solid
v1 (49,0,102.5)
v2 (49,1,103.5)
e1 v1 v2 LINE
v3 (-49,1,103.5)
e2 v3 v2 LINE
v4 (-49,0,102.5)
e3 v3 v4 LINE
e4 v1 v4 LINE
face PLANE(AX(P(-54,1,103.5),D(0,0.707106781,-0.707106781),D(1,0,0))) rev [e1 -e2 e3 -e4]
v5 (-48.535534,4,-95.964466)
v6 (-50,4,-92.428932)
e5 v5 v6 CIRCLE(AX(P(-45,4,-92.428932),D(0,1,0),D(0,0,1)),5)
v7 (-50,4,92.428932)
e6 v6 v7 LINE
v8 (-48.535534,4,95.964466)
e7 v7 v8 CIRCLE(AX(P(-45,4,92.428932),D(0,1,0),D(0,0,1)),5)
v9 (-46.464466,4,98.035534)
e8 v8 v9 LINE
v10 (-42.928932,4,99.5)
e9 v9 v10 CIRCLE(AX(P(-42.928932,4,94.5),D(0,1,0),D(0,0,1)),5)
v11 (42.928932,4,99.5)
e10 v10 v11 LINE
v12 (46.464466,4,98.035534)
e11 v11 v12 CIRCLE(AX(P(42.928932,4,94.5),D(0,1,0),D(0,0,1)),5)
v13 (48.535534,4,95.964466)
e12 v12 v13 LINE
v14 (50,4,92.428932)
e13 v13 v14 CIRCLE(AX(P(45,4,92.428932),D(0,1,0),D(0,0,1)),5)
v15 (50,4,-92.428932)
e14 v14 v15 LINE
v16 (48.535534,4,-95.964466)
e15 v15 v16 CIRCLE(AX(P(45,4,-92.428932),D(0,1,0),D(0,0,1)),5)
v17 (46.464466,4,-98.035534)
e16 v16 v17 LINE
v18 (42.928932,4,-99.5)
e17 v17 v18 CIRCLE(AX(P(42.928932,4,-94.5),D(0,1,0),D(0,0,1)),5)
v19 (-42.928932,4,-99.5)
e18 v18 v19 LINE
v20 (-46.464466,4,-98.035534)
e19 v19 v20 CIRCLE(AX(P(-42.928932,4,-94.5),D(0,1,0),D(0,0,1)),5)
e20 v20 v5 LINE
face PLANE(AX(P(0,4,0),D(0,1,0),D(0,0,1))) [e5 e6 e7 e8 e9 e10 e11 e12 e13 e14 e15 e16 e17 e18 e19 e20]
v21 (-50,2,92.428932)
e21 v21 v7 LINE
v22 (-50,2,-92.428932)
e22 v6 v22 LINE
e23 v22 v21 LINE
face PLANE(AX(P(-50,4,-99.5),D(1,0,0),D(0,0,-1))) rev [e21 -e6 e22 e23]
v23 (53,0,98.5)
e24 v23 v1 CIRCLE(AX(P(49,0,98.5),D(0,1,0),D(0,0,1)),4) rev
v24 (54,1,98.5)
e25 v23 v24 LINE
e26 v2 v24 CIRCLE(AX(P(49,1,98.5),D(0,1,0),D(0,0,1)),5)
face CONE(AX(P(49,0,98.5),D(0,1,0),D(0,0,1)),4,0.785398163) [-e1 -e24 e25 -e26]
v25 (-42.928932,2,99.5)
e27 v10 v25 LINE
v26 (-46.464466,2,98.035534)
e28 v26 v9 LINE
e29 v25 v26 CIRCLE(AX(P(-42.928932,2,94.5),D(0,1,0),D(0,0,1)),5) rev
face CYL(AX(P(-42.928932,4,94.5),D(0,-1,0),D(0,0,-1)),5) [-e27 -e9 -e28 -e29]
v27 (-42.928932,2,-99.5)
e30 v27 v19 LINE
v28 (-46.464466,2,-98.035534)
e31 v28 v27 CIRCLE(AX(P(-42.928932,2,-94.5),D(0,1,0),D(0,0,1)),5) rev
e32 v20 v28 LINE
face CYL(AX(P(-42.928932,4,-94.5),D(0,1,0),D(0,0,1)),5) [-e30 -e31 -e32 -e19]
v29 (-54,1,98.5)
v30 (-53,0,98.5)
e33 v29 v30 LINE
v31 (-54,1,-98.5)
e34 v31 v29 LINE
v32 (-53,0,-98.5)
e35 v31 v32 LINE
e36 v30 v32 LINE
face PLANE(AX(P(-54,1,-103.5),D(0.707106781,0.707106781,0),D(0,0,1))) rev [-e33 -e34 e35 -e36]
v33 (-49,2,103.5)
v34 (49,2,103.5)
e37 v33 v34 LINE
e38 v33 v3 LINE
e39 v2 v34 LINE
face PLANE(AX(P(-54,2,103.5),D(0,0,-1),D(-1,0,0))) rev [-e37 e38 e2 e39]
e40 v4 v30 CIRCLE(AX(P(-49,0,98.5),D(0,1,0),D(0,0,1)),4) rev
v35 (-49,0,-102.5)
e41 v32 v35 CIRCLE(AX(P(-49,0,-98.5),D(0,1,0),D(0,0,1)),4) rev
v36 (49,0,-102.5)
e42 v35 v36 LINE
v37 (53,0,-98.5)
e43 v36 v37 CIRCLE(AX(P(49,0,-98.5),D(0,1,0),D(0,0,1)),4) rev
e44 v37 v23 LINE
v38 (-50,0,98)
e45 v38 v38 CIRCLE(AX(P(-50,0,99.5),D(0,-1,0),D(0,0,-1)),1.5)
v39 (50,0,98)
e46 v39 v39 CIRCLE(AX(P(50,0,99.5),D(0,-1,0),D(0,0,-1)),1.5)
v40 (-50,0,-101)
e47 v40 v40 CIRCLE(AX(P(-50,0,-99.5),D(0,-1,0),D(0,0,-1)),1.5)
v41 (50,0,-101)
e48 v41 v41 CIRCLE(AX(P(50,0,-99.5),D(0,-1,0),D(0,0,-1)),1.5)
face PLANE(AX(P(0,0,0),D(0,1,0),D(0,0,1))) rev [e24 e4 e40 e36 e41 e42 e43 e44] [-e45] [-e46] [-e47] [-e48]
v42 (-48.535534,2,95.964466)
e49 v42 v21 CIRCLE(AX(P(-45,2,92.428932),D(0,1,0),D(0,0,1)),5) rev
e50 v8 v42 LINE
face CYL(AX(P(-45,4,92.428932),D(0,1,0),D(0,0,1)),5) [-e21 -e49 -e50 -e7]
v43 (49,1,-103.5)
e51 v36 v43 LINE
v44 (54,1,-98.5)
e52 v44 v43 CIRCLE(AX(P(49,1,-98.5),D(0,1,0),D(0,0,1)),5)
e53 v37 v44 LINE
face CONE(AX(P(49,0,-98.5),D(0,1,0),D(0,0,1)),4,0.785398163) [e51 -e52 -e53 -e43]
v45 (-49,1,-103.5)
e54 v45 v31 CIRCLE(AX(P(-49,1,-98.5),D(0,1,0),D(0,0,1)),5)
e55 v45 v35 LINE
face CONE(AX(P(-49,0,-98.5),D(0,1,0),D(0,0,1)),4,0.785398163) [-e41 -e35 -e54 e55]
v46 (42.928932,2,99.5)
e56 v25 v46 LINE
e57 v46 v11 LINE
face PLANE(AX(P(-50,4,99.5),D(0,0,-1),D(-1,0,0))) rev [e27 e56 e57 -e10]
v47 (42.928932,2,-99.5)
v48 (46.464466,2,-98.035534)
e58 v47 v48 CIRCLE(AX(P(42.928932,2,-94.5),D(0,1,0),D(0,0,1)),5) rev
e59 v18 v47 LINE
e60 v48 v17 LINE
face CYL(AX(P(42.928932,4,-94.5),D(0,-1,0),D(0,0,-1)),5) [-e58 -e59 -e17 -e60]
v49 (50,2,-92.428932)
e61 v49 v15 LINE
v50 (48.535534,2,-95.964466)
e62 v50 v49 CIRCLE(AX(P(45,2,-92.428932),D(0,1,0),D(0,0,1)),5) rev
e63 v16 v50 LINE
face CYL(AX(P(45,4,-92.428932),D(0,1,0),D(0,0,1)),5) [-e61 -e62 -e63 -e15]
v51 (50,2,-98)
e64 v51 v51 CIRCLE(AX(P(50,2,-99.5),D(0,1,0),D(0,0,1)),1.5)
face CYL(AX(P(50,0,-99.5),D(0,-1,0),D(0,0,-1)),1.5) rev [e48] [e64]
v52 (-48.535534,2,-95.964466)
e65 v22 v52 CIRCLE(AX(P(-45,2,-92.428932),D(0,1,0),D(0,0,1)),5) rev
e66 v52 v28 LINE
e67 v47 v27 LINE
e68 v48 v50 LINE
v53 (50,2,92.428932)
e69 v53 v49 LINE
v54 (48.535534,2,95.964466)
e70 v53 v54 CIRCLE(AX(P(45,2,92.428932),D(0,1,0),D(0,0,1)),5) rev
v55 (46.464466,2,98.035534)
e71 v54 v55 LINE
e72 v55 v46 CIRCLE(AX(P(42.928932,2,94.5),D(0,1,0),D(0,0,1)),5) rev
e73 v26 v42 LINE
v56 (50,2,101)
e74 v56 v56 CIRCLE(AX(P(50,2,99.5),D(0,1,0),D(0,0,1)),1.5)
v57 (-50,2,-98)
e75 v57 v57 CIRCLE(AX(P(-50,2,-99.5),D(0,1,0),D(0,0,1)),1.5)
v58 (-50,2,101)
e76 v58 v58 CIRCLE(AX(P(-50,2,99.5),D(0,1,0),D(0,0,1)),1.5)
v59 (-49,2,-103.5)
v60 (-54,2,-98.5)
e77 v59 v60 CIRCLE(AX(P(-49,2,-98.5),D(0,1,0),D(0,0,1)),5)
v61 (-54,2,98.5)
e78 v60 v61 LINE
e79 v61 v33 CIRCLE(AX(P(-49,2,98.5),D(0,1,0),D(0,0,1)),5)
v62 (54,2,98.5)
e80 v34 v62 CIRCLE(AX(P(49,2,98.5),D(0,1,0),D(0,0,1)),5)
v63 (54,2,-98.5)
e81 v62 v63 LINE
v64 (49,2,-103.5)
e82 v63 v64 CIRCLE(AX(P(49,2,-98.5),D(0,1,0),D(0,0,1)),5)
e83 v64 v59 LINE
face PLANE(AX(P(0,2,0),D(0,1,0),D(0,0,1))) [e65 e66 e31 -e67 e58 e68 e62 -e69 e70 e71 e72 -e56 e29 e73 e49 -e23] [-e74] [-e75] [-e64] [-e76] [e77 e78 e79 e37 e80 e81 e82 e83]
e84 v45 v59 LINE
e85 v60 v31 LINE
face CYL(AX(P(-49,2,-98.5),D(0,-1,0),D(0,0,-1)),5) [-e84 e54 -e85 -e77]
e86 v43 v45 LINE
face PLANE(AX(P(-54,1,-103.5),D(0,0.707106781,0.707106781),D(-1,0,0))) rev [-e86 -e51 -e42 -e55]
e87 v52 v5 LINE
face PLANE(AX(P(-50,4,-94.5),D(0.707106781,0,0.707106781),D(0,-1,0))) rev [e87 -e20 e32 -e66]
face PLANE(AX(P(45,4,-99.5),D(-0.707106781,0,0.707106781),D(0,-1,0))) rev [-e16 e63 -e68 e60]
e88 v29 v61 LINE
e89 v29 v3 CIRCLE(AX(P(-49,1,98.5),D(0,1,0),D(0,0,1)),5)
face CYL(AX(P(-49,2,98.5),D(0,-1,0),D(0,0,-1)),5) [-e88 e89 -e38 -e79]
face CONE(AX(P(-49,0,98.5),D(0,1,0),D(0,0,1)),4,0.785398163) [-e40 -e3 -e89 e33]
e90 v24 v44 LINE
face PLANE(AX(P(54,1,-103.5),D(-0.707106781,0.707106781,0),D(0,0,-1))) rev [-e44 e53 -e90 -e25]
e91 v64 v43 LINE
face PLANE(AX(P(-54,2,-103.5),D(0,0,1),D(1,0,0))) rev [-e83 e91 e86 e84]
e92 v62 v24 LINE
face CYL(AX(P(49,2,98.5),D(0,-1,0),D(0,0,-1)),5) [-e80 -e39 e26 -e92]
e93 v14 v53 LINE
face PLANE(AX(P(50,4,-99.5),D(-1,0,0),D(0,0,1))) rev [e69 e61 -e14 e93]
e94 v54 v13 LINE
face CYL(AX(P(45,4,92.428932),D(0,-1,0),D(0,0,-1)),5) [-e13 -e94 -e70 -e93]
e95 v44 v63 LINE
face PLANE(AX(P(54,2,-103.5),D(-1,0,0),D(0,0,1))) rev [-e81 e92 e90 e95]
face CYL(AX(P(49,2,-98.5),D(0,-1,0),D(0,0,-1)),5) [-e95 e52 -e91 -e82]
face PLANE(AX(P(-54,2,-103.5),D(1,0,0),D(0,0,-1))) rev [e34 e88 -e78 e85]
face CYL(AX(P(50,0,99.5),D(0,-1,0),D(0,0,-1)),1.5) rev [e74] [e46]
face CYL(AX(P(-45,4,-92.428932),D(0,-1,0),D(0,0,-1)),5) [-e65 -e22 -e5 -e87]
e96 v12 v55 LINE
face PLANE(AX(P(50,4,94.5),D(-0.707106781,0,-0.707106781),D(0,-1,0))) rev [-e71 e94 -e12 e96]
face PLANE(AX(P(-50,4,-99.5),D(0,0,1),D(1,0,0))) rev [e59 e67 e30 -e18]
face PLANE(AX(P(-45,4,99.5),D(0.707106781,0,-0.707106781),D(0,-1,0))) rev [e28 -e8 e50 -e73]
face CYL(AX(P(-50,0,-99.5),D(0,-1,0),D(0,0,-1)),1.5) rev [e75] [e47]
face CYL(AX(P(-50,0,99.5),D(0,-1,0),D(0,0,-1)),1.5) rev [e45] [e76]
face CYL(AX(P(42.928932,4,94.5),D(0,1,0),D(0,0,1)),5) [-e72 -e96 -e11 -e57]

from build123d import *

# Parameters (mm, degrees)
SKETCH1_W                 = 108
SKETCH1_H                 = 207
BOSS_EXTRUDE1_DEPTH       = 2
SKETCH2_W                 = 100
SKETCH2_H                 = 199
BOSS_EXTRUDE2_DEPTH       = 2
CHAMFER1_SIZE             = 5
FILLET1_R                 = 5
F_3_0MM_DOWEL_HOLE1_D     = 3
F_3_0MM_DOWEL_HOLE1_DEPTH = 17.29
F_3_0MM_DOWEL_HOLE1_TIP   = 0.901290929
CHAMFER2_SIZE             = 1


with BuildPart() as part:
    # Sketch1 → Boss-Extrude1 (new body)
    with BuildSketch(Plane(origin=(0, 0, 0), x_dir=(1, 0, 0), z_dir=(0, 1, 0))):
        Rectangle(SKETCH1_W, SKETCH1_H)
    extrude(amount=BOSS_EXTRUDE1_DEPTH)

    # Sketch2 → Boss-Extrude2 (add)
    with BuildSketch(Plane(origin=(0, 2, 0), x_dir=(1, 0, 0), z_dir=(0, 1, 0))):
        Rectangle(SKETCH2_W, SKETCH2_H)
    extrude(amount=BOSS_EXTRUDE2_DEPTH)

    # Chamfer1
    chamfer1_edges = [part.edges().sort_by_distance(p)[0] for p in [
        (50, 3, 99.5),
        (50, 3, -99.5),
        (-50, 3, -99.5),
        (-50, 3, 99.5),
    ]]
    chamfer(chamfer1_edges, length=CHAMFER1_SIZE)

    # Fillet1
    fillet1_edges = [part.edges().sort_by_distance(p)[0] for p in [
        (-50, 3, 94.5),
        (-50, 3, -94.5),
        (45, 3, -99.5),
        (-45, 3, -99.5),
        (50, 3, 94.5),
        (50, 3, -94.5),
        (45, 3, 99.5),
        (-45, 3, 99.5),
        (54, 1, 103.5),
        (-54, 1, 103.5),
        (-54, 1, -103.5),
        (54, 1, -103.5),
    ]]
    fillet(fillet1_edges, radius=FILLET1_R)

    # Ø3.0mm Dowel Hole1
    with Locations(Plane(origin=(0, 0, 0), x_dir=(-1, 0, 0), z_dir=(0, -1, 0))):
        with Locations((-50, 99.5), (50, 99.5), (50, -99.5), (-50, -99.5)):
            Hole(F_3_0MM_DOWEL_HOLE1_D / 2, depth=F_3_0MM_DOWEL_HOLE1_DEPTH)
            with Locations((0, 0, -(F_3_0MM_DOWEL_HOLE1_DEPTH + F_3_0MM_DOWEL_HOLE1_TIP / 2))):  # 118° drill point
                Cone(0, F_3_0MM_DOWEL_HOLE1_D / 2, F_3_0MM_DOWEL_HOLE1_TIP, mode=Mode.SUBTRACT)

    # Chamfer2
    chamfer2_edges = [part.edges().sort_by_distance(p)[0] for p in [
        (0, 0, 103.5),
        (54, 0, 0),
        (-54, 0, 0),
        (0, 0, -103.5),
        (-52.535533906, 0, -102.035533906),
        (52.535533906, 0, -102.035533906),
        (52.535533906, 0, 102.035533906),
        (-52.535533906, 0, 102.035533906),
    ]]
    chamfer(chamfer2_edges, length=CHAMFER2_SIZE)


solid = part.part
